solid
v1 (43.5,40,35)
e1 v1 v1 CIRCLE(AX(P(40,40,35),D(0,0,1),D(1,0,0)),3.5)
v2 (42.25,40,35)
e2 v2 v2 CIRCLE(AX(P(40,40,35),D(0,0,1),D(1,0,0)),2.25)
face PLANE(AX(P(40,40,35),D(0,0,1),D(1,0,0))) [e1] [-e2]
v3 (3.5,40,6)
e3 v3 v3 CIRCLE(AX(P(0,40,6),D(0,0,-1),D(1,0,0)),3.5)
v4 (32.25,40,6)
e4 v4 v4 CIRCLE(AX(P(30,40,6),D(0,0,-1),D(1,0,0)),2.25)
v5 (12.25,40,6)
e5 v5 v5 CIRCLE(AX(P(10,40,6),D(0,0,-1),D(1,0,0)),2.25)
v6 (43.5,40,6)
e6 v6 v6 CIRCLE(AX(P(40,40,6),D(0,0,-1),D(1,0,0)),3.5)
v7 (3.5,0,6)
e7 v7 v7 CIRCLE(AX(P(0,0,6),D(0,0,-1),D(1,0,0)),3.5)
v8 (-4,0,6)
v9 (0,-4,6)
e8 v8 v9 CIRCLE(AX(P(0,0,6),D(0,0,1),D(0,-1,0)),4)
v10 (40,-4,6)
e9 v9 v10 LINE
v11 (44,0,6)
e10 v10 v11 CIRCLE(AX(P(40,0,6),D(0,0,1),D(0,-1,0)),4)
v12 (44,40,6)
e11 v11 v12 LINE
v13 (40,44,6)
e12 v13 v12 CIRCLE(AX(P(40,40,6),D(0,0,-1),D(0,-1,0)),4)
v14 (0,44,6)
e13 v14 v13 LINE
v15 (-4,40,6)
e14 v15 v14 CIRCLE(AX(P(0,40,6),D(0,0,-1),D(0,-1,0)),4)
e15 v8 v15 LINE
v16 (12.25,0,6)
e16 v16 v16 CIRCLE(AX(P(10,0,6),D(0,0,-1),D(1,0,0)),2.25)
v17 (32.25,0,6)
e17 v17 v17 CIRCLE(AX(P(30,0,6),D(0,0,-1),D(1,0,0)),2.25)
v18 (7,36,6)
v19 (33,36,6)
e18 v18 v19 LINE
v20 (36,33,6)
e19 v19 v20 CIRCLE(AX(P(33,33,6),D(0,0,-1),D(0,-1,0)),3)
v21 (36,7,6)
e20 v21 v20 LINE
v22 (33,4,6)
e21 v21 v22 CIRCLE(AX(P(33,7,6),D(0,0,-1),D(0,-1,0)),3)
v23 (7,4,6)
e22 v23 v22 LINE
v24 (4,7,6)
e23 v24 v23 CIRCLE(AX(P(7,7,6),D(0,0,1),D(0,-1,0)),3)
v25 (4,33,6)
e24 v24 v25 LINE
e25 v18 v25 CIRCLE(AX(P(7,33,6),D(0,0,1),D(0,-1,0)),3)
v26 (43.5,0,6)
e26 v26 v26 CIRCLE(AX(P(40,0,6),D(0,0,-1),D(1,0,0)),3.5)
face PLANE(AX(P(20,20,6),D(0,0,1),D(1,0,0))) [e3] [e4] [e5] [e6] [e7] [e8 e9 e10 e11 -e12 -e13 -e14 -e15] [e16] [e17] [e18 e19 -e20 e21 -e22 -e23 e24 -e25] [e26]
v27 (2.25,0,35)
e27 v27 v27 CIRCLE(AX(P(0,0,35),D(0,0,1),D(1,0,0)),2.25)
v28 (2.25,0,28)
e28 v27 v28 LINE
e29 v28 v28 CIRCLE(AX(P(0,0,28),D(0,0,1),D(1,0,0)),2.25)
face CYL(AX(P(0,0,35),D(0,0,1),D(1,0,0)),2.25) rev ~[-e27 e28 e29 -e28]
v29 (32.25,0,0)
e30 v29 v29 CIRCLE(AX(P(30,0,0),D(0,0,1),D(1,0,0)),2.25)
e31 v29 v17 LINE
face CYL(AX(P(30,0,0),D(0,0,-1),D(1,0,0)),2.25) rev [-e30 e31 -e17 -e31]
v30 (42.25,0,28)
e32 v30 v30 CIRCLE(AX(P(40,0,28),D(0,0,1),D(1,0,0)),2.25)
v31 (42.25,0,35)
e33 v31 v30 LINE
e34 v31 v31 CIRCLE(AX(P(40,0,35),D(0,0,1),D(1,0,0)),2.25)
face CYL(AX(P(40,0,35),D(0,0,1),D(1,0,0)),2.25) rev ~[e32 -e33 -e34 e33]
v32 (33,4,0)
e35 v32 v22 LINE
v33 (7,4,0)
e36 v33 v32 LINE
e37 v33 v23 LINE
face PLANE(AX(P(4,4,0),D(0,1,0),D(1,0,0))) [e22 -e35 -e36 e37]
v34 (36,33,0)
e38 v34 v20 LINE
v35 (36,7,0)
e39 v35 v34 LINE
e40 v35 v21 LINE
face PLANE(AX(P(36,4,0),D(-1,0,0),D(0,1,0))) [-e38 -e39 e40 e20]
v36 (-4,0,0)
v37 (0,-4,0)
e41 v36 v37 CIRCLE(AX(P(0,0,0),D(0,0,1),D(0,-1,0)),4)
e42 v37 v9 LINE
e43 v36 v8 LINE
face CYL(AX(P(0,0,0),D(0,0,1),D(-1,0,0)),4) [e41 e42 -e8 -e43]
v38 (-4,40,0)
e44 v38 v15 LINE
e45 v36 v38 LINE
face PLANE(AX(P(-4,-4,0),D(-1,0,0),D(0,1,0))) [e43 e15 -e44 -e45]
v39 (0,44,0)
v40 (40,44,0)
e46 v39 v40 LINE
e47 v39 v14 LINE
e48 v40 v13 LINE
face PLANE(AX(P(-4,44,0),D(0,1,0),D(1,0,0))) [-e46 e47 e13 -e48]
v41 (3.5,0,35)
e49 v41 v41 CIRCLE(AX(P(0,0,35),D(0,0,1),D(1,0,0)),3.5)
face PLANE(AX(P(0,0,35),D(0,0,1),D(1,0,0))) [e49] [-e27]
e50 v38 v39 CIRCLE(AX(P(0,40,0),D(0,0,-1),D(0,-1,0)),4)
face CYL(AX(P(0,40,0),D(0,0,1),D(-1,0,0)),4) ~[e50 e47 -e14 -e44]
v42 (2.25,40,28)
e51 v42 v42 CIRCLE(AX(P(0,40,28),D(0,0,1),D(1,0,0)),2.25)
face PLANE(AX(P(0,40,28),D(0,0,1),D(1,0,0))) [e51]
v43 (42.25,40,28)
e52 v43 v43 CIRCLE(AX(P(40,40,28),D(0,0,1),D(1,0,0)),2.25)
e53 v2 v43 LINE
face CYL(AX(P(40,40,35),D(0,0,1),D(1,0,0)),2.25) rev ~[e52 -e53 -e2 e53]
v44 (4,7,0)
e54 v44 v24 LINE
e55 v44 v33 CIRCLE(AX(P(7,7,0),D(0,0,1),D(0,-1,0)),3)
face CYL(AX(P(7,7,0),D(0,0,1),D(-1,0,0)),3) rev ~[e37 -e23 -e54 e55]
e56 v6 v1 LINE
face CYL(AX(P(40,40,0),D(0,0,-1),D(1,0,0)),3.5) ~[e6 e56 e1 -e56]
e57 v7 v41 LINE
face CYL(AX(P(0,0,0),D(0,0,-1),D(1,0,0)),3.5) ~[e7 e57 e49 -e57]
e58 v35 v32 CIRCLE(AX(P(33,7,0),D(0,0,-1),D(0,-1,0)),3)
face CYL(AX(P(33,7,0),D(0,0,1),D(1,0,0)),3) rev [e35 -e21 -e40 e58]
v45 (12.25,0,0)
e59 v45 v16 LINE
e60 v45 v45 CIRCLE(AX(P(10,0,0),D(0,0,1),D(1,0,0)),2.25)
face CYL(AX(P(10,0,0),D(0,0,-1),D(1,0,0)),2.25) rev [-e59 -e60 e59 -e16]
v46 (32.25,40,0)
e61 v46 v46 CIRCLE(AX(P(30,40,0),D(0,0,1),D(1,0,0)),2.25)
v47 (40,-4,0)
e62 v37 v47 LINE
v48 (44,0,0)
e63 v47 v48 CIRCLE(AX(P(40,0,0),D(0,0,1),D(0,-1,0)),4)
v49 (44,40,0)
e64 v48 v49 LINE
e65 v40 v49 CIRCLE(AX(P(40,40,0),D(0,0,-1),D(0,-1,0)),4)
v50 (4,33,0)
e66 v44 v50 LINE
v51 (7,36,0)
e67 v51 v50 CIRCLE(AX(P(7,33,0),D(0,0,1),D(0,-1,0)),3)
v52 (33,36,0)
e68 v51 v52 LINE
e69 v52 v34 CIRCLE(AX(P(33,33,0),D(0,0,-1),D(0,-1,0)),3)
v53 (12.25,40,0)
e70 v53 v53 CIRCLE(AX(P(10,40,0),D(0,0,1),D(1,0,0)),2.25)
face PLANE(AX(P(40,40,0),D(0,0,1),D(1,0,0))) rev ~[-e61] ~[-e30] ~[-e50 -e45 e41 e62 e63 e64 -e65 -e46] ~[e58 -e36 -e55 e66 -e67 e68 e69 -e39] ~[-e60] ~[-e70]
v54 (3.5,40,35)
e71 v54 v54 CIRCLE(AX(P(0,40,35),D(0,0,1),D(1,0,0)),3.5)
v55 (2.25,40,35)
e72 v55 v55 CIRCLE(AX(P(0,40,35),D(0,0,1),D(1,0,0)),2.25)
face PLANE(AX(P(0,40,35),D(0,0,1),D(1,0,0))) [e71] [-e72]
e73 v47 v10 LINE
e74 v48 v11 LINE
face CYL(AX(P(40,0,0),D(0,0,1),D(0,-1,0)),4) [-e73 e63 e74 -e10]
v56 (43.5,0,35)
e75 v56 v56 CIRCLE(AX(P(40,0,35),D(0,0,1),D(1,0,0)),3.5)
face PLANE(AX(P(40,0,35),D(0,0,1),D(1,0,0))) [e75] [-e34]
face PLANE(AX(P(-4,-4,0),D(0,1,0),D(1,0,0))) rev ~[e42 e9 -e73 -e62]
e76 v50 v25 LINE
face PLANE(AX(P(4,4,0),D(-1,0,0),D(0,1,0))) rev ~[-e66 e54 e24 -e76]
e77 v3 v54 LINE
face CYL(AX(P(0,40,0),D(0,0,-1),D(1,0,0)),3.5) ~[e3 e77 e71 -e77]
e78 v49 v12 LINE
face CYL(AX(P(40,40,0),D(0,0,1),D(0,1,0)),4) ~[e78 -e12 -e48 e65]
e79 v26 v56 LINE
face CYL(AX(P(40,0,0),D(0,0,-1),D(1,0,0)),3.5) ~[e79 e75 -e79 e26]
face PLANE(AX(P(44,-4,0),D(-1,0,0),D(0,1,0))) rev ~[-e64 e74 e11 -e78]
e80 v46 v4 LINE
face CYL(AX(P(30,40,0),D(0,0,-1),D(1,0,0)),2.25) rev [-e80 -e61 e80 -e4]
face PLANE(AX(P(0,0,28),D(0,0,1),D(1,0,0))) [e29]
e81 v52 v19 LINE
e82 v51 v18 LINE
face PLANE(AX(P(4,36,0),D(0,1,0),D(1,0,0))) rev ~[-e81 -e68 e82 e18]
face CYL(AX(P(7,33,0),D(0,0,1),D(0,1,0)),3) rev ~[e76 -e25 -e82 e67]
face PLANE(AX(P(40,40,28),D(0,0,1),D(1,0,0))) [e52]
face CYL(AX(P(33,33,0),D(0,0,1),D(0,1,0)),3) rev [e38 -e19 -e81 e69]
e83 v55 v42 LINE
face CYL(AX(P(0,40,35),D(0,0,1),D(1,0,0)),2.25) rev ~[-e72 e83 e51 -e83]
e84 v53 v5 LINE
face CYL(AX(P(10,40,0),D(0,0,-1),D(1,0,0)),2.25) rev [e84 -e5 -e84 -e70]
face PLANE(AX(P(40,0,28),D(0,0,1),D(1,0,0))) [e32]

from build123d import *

# Parameters (mm, degrees)
SKETCH_R                     = 3.5
PAD_DEPTH                    = 35
SKETCH002_W                  = 48
SKETCH002_H                  = 48
SKETCH002_W_2                = 32
SKETCH002_H_2                = 32
PAD001_DEPTH                 = 6
SKETCH001_R                  = 2.25
POCKET_DEPTH                 = 7
SKETCH_LINEARPATTERN_2_R     = 3.5
PAD_LINEARPATTERN_2_DEPTH    = 35
SKETCH001_LINEARPATTERN_2_R  = 2.25
POCKET_LINEARPATTERN_2_DEPTH = 7
LINEARPATTERN001_COUNT       = 2
LINEARPATTERN001_PITCH       = 40
SKETCH003_R                  = 2.25
HOLE_DEPTH                   = 35.001
FILLET_R                     = 4
FILLET001_R                  = 3


with BuildPart() as part:
    # Sketch → Pad (new body)
    with BuildSketch(Plane.XY):
        Circle(SKETCH_R)
    pad = extrude(amount=PAD_DEPTH)

    # Sketch002 → Pad001 (join)
    with BuildSketch(Plane.XY):
        with Locations((20, 20)):
            Rectangle(SKETCH002_W, SKETCH002_H)
        with Locations((20, 20)):
            Rectangle(SKETCH002_W_2, SKETCH002_H_2, mode=Mode.SUBTRACT)
    extrude(amount=PAD001_DEPTH)

    # Sketch001 → Pocket (cut)
    with BuildSketch(Plane.XY.offset(35)):
        Circle(SKETCH001_R)
    pocket = extrude(amount=-POCKET_DEPTH, mode=Mode.SUBTRACT)

    # Sketch LinearPattern 2 → Pad LinearPattern 2 (add)
    with BuildSketch(Plane(origin=(40, 0, 0), x_dir=(1, 0, 0), z_dir=(0, 0, 1))):
        Circle(SKETCH_LINEARPATTERN_2_R)
    pad_linearpattern_2 = extrude(amount=PAD_LINEARPATTERN_2_DEPTH)

    # Sketch001 LinearPattern 2 → Pocket LinearPattern 2 (cut)
    with BuildSketch(Plane(origin=(40, 0, 35), x_dir=(1, 0, 0), z_dir=(0, 0, 1))):
        Circle(SKETCH001_LINEARPATTERN_2_R)
    pocket_linearpattern_2 = extrude(amount=-POCKET_LINEARPATTERN_2_DEPTH, mode=Mode.SUBTRACT)

    # LinearPattern001: Pad, Pocket, Pad LinearPattern 2, Pocket LinearPattern 2 ×2
    with Locations(*[(0, i * LINEARPATTERN001_PITCH, 0) for i in range(1, LINEARPATTERN001_COUNT)]):
        add(pad)
        add(pocket, mode=Mode.SUBTRACT)
        add(pad_linearpattern_2)
        add(pocket_linearpattern_2, mode=Mode.SUBTRACT)

    # Sketch003 → Hole (cut, through all)
    with BuildSketch(Plane.XY):
        with Locations((10, 40)):
            Circle(SKETCH003_R)
        with Locations((30, 40)):
            Circle(SKETCH003_R)
        with Locations((30, 0)):
            Circle(SKETCH003_R)
        with Locations((10, 0)):
            Circle(SKETCH003_R)
    extrude(amount=HOLE_DEPTH, mode=Mode.SUBTRACT)

    # Fillet
    fillet_edges = [part.edges().sort_by_distance(p)[0] for p in [
        (-4, -4, 3),
        (44, -4, 3),
        (-4, 44, 3),
        (44, 44, 3),
    ]]
    fillet(fillet_edges, radius=FILLET_R)

    # Fillet001
    fillet001_edges = [part.edges().sort_by_distance(p)[0] for p in [
        (4, 36, 3),
        (36, 36, 3),
        (36, 4, 3),
        (4, 4, 3),
    ]]
    fillet(fillet001_edges, radius=FILLET001_R)


solid = part.part
